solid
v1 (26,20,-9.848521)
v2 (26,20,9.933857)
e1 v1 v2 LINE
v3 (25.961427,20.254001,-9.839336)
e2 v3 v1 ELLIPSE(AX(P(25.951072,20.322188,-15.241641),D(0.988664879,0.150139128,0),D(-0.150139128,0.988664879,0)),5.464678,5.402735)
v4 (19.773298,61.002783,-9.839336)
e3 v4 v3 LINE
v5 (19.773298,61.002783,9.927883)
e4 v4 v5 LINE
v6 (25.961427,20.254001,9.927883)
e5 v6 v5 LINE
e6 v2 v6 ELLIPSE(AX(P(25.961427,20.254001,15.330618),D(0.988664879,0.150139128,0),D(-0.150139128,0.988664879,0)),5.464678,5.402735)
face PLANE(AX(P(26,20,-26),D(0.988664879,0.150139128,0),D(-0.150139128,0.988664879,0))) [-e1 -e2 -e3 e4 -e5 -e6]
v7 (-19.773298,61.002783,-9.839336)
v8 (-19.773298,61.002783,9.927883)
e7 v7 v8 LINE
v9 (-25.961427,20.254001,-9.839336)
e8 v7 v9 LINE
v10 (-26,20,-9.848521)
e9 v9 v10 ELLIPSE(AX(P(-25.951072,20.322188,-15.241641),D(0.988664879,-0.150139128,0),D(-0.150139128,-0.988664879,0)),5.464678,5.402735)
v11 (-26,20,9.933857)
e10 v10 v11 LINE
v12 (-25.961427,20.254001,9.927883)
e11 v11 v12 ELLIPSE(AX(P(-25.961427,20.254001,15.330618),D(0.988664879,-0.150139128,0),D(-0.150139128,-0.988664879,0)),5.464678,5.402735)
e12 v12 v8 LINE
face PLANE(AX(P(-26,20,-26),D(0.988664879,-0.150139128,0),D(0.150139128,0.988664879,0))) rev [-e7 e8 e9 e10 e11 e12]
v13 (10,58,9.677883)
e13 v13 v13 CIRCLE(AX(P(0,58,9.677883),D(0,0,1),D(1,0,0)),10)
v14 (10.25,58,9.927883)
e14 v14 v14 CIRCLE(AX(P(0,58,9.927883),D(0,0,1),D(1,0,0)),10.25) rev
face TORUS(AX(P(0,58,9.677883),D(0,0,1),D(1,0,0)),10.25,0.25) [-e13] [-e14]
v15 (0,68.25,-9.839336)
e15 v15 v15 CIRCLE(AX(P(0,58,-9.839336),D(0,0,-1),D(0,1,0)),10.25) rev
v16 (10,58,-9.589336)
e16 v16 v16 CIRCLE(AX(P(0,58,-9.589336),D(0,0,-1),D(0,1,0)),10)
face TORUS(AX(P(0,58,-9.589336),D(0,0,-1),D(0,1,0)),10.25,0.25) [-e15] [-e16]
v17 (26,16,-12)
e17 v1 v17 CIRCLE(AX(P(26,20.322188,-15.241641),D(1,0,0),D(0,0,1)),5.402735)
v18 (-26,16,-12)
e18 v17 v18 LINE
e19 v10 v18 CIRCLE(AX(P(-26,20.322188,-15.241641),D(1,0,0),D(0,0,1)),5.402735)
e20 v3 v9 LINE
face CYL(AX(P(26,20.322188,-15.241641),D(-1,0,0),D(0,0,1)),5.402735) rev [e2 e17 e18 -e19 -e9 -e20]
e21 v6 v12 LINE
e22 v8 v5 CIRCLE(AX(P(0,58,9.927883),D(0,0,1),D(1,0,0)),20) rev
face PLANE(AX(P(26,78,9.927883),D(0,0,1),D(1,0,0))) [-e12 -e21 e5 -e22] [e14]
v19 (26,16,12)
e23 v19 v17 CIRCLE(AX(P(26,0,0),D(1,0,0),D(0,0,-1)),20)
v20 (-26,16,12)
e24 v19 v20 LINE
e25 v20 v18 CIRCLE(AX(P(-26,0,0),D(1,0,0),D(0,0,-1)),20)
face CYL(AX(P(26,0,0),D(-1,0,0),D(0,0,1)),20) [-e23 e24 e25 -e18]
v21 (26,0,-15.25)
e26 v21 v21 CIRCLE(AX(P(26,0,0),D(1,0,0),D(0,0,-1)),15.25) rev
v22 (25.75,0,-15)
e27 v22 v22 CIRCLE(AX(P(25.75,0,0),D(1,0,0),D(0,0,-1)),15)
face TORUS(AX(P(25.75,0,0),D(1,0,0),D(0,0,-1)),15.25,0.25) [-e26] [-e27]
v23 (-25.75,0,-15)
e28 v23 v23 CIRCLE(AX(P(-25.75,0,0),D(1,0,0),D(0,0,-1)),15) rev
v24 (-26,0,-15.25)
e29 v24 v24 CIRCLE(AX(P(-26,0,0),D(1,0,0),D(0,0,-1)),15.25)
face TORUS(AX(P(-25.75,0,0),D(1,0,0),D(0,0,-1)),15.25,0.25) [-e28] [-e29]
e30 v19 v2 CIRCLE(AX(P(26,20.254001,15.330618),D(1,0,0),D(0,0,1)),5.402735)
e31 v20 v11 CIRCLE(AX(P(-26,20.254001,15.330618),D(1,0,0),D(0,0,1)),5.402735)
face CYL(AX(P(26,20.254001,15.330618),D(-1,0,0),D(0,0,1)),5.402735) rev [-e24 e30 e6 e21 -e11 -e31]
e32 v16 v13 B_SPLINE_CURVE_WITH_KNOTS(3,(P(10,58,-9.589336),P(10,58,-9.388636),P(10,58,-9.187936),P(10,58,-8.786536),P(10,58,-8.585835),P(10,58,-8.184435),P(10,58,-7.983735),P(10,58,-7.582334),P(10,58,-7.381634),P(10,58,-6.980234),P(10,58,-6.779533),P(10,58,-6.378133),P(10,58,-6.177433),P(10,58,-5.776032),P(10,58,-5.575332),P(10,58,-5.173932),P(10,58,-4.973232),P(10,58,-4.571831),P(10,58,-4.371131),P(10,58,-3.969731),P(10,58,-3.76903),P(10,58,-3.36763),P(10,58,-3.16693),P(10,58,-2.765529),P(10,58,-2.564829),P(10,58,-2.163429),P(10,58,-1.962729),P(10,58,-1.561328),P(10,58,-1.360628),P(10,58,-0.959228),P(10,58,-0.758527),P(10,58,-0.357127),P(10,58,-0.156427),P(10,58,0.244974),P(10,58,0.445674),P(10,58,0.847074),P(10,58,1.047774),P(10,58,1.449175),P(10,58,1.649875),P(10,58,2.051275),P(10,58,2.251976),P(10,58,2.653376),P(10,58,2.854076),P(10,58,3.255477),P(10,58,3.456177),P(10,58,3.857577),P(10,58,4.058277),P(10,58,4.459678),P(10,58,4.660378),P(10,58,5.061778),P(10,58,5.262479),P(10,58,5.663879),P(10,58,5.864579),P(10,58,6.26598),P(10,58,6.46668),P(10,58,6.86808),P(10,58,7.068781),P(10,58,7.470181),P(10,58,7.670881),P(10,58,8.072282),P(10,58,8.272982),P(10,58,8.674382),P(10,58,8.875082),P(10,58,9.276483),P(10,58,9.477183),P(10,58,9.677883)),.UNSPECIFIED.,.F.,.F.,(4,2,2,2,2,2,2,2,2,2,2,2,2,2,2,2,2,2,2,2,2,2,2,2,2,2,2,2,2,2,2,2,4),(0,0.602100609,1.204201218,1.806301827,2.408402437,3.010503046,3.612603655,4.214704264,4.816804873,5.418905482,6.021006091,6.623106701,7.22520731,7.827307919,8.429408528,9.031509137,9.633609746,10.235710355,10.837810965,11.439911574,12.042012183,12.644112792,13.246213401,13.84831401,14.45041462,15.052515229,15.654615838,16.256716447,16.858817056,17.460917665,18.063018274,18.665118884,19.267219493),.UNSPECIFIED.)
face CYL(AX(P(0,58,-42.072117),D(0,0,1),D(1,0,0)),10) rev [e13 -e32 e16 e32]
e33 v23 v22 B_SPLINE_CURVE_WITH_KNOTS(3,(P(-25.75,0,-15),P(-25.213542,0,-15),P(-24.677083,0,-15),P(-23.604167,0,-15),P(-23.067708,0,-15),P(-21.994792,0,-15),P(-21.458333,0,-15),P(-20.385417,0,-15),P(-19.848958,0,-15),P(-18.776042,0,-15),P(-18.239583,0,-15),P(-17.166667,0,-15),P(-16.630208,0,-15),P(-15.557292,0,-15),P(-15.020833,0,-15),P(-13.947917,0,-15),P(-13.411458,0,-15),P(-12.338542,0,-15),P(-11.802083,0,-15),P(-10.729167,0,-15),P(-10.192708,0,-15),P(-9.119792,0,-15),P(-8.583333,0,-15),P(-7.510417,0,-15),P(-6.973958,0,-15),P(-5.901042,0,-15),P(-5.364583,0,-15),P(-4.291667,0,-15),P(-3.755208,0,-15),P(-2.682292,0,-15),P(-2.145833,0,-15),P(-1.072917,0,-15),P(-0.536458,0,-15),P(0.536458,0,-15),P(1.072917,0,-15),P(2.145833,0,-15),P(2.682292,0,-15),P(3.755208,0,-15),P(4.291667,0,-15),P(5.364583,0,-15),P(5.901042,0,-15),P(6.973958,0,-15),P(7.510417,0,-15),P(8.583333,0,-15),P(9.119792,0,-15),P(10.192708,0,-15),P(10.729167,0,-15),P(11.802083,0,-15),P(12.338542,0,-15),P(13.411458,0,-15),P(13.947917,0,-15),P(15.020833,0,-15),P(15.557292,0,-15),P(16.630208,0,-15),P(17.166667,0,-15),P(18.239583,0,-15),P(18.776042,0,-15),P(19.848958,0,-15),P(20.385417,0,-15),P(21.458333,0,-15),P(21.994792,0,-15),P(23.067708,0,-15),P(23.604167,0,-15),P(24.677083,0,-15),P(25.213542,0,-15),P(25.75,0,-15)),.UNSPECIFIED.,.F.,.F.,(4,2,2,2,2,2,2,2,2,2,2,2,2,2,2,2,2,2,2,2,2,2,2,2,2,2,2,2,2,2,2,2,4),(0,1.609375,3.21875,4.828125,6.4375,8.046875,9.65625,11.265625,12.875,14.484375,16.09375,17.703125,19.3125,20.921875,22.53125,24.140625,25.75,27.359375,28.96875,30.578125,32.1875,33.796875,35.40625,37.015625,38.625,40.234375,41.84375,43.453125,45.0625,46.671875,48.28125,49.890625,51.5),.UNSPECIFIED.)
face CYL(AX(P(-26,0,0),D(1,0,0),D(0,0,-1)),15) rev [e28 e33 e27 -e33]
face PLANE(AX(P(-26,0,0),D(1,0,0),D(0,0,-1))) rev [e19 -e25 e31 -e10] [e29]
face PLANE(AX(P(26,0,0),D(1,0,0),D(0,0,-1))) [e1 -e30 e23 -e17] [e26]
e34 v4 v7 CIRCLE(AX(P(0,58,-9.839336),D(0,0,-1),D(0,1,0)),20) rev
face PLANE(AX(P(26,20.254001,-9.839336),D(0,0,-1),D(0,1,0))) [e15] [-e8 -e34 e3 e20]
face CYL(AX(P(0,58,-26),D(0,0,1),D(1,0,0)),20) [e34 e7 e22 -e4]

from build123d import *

# Parameters (mm, degrees)
SKETCH1_R           = 20
BOSS_EXTRUDE1_DEPTH = 26
BOSS_EXTRUDE2_START = -52
BOSS_EXTRUDE2_DEPTH = 52
CUT_EXTRUDE2_DEPTH  = 26
SKETCH7_R           = 10
CUT_EXTRUDE3_DEPTH  = 52
SKETCH8_R           = 15
CUT_EXTRUDE4_DEPTH  = 52
FILLET1_R           = 0.25


with BuildPart() as part:
    # Sketch1 → Boss-Extrude1 (new, symmetric)
    with BuildSketch(Plane(origin=(0, 0, 0), x_dir=(0, 0, -1), z_dir=(1, 0, 0))):
        with Locations(Location((0, 0, 0), (0, 0, 180))):
            Circle(SKETCH1_R)
    extrude(amount=BOSS_EXTRUDE1_DEPTH, both=True)

    # Sketch4 → Boss-Extrude2 (add)
    with BuildSketch(Plane.ZY.offset(26).offset(BOSS_EXTRUDE2_START)):
        with BuildLine():
            Line((-9.839336332, 20.254001388), (-9.839336332, 78))
            Line((-9.839336332, 78), (9.927883161, 78))
            Line((9.927883161, 78), (9.927883161, 20.254001388))
            ThreePointArc((9.927883161, 20.254001388), (10.473458868, 17.8880874), (12, 16))
            ThreePointArc((12, 16), (0, 20), (-12, 16))
            ThreePointArc((-12, 16), (-10.424631432, 17.875564978), (-9.839336332, 20.254001388))
        make_face()
    extrude(amount=BOSS_EXTRUDE2_DEPTH)

    # Sketch3 → Cut-Extrude2 (cut, symmetric)
    with BuildSketch(Plane.XY):
        with BuildLine():
            Line((-26, 20), (-19.773297574, 61.002782551))
            ThreePointArc((-19.773297574, 61.002782551), (-13.037337707, 73.16666824), (0, 78))
            Line((0, 78), (-26, 78))
            Line((-26, 78), (-26, 20))
        make_face()
    cut_extrude2 = extrude(amount=CUT_EXTRUDE2_DEPTH, both=True, mode=Mode.SUBTRACT)

    # Mirror1: Cut-Extrude2 across plane
    add(cut_extrude2.mirror(Plane(origin=(0, 0, 0), x_dir=(0, 0, 1), z_dir=(1, 0, 0))), mode=Mode.SUBTRACT)

    # Sketch7 → Cut-Extrude3 (cut)
    with BuildSketch(Plane.XY.offset(9.927883161)):
        with Locations((0, 58)):
            Circle(SKETCH7_R)
    extrude(amount=-CUT_EXTRUDE3_DEPTH, mode=Mode.SUBTRACT)

    # Sketch8 → Cut-Extrude4 (cut)
    with BuildSketch(Plane(origin=(26, 0, 0), x_dir=(0, 0, -1), z_dir=(1, 0, 0))):
        Circle(SKETCH8_R)
    extrude(amount=-CUT_EXTRUDE4_DEPTH, mode=Mode.SUBTRACT)

    # Fillet1
    fillet1_edges = [part.edges().sort_by_distance(p)[0] for p in [
        (-10, 58, -9.839336332),
        (-10, 58, 9.927883161),
        (-26, 0, 15),
        (26, 0, 15),
    ]]
    fillet(fillet1_edges, radius=FILLET1_R)


solid = part.part
